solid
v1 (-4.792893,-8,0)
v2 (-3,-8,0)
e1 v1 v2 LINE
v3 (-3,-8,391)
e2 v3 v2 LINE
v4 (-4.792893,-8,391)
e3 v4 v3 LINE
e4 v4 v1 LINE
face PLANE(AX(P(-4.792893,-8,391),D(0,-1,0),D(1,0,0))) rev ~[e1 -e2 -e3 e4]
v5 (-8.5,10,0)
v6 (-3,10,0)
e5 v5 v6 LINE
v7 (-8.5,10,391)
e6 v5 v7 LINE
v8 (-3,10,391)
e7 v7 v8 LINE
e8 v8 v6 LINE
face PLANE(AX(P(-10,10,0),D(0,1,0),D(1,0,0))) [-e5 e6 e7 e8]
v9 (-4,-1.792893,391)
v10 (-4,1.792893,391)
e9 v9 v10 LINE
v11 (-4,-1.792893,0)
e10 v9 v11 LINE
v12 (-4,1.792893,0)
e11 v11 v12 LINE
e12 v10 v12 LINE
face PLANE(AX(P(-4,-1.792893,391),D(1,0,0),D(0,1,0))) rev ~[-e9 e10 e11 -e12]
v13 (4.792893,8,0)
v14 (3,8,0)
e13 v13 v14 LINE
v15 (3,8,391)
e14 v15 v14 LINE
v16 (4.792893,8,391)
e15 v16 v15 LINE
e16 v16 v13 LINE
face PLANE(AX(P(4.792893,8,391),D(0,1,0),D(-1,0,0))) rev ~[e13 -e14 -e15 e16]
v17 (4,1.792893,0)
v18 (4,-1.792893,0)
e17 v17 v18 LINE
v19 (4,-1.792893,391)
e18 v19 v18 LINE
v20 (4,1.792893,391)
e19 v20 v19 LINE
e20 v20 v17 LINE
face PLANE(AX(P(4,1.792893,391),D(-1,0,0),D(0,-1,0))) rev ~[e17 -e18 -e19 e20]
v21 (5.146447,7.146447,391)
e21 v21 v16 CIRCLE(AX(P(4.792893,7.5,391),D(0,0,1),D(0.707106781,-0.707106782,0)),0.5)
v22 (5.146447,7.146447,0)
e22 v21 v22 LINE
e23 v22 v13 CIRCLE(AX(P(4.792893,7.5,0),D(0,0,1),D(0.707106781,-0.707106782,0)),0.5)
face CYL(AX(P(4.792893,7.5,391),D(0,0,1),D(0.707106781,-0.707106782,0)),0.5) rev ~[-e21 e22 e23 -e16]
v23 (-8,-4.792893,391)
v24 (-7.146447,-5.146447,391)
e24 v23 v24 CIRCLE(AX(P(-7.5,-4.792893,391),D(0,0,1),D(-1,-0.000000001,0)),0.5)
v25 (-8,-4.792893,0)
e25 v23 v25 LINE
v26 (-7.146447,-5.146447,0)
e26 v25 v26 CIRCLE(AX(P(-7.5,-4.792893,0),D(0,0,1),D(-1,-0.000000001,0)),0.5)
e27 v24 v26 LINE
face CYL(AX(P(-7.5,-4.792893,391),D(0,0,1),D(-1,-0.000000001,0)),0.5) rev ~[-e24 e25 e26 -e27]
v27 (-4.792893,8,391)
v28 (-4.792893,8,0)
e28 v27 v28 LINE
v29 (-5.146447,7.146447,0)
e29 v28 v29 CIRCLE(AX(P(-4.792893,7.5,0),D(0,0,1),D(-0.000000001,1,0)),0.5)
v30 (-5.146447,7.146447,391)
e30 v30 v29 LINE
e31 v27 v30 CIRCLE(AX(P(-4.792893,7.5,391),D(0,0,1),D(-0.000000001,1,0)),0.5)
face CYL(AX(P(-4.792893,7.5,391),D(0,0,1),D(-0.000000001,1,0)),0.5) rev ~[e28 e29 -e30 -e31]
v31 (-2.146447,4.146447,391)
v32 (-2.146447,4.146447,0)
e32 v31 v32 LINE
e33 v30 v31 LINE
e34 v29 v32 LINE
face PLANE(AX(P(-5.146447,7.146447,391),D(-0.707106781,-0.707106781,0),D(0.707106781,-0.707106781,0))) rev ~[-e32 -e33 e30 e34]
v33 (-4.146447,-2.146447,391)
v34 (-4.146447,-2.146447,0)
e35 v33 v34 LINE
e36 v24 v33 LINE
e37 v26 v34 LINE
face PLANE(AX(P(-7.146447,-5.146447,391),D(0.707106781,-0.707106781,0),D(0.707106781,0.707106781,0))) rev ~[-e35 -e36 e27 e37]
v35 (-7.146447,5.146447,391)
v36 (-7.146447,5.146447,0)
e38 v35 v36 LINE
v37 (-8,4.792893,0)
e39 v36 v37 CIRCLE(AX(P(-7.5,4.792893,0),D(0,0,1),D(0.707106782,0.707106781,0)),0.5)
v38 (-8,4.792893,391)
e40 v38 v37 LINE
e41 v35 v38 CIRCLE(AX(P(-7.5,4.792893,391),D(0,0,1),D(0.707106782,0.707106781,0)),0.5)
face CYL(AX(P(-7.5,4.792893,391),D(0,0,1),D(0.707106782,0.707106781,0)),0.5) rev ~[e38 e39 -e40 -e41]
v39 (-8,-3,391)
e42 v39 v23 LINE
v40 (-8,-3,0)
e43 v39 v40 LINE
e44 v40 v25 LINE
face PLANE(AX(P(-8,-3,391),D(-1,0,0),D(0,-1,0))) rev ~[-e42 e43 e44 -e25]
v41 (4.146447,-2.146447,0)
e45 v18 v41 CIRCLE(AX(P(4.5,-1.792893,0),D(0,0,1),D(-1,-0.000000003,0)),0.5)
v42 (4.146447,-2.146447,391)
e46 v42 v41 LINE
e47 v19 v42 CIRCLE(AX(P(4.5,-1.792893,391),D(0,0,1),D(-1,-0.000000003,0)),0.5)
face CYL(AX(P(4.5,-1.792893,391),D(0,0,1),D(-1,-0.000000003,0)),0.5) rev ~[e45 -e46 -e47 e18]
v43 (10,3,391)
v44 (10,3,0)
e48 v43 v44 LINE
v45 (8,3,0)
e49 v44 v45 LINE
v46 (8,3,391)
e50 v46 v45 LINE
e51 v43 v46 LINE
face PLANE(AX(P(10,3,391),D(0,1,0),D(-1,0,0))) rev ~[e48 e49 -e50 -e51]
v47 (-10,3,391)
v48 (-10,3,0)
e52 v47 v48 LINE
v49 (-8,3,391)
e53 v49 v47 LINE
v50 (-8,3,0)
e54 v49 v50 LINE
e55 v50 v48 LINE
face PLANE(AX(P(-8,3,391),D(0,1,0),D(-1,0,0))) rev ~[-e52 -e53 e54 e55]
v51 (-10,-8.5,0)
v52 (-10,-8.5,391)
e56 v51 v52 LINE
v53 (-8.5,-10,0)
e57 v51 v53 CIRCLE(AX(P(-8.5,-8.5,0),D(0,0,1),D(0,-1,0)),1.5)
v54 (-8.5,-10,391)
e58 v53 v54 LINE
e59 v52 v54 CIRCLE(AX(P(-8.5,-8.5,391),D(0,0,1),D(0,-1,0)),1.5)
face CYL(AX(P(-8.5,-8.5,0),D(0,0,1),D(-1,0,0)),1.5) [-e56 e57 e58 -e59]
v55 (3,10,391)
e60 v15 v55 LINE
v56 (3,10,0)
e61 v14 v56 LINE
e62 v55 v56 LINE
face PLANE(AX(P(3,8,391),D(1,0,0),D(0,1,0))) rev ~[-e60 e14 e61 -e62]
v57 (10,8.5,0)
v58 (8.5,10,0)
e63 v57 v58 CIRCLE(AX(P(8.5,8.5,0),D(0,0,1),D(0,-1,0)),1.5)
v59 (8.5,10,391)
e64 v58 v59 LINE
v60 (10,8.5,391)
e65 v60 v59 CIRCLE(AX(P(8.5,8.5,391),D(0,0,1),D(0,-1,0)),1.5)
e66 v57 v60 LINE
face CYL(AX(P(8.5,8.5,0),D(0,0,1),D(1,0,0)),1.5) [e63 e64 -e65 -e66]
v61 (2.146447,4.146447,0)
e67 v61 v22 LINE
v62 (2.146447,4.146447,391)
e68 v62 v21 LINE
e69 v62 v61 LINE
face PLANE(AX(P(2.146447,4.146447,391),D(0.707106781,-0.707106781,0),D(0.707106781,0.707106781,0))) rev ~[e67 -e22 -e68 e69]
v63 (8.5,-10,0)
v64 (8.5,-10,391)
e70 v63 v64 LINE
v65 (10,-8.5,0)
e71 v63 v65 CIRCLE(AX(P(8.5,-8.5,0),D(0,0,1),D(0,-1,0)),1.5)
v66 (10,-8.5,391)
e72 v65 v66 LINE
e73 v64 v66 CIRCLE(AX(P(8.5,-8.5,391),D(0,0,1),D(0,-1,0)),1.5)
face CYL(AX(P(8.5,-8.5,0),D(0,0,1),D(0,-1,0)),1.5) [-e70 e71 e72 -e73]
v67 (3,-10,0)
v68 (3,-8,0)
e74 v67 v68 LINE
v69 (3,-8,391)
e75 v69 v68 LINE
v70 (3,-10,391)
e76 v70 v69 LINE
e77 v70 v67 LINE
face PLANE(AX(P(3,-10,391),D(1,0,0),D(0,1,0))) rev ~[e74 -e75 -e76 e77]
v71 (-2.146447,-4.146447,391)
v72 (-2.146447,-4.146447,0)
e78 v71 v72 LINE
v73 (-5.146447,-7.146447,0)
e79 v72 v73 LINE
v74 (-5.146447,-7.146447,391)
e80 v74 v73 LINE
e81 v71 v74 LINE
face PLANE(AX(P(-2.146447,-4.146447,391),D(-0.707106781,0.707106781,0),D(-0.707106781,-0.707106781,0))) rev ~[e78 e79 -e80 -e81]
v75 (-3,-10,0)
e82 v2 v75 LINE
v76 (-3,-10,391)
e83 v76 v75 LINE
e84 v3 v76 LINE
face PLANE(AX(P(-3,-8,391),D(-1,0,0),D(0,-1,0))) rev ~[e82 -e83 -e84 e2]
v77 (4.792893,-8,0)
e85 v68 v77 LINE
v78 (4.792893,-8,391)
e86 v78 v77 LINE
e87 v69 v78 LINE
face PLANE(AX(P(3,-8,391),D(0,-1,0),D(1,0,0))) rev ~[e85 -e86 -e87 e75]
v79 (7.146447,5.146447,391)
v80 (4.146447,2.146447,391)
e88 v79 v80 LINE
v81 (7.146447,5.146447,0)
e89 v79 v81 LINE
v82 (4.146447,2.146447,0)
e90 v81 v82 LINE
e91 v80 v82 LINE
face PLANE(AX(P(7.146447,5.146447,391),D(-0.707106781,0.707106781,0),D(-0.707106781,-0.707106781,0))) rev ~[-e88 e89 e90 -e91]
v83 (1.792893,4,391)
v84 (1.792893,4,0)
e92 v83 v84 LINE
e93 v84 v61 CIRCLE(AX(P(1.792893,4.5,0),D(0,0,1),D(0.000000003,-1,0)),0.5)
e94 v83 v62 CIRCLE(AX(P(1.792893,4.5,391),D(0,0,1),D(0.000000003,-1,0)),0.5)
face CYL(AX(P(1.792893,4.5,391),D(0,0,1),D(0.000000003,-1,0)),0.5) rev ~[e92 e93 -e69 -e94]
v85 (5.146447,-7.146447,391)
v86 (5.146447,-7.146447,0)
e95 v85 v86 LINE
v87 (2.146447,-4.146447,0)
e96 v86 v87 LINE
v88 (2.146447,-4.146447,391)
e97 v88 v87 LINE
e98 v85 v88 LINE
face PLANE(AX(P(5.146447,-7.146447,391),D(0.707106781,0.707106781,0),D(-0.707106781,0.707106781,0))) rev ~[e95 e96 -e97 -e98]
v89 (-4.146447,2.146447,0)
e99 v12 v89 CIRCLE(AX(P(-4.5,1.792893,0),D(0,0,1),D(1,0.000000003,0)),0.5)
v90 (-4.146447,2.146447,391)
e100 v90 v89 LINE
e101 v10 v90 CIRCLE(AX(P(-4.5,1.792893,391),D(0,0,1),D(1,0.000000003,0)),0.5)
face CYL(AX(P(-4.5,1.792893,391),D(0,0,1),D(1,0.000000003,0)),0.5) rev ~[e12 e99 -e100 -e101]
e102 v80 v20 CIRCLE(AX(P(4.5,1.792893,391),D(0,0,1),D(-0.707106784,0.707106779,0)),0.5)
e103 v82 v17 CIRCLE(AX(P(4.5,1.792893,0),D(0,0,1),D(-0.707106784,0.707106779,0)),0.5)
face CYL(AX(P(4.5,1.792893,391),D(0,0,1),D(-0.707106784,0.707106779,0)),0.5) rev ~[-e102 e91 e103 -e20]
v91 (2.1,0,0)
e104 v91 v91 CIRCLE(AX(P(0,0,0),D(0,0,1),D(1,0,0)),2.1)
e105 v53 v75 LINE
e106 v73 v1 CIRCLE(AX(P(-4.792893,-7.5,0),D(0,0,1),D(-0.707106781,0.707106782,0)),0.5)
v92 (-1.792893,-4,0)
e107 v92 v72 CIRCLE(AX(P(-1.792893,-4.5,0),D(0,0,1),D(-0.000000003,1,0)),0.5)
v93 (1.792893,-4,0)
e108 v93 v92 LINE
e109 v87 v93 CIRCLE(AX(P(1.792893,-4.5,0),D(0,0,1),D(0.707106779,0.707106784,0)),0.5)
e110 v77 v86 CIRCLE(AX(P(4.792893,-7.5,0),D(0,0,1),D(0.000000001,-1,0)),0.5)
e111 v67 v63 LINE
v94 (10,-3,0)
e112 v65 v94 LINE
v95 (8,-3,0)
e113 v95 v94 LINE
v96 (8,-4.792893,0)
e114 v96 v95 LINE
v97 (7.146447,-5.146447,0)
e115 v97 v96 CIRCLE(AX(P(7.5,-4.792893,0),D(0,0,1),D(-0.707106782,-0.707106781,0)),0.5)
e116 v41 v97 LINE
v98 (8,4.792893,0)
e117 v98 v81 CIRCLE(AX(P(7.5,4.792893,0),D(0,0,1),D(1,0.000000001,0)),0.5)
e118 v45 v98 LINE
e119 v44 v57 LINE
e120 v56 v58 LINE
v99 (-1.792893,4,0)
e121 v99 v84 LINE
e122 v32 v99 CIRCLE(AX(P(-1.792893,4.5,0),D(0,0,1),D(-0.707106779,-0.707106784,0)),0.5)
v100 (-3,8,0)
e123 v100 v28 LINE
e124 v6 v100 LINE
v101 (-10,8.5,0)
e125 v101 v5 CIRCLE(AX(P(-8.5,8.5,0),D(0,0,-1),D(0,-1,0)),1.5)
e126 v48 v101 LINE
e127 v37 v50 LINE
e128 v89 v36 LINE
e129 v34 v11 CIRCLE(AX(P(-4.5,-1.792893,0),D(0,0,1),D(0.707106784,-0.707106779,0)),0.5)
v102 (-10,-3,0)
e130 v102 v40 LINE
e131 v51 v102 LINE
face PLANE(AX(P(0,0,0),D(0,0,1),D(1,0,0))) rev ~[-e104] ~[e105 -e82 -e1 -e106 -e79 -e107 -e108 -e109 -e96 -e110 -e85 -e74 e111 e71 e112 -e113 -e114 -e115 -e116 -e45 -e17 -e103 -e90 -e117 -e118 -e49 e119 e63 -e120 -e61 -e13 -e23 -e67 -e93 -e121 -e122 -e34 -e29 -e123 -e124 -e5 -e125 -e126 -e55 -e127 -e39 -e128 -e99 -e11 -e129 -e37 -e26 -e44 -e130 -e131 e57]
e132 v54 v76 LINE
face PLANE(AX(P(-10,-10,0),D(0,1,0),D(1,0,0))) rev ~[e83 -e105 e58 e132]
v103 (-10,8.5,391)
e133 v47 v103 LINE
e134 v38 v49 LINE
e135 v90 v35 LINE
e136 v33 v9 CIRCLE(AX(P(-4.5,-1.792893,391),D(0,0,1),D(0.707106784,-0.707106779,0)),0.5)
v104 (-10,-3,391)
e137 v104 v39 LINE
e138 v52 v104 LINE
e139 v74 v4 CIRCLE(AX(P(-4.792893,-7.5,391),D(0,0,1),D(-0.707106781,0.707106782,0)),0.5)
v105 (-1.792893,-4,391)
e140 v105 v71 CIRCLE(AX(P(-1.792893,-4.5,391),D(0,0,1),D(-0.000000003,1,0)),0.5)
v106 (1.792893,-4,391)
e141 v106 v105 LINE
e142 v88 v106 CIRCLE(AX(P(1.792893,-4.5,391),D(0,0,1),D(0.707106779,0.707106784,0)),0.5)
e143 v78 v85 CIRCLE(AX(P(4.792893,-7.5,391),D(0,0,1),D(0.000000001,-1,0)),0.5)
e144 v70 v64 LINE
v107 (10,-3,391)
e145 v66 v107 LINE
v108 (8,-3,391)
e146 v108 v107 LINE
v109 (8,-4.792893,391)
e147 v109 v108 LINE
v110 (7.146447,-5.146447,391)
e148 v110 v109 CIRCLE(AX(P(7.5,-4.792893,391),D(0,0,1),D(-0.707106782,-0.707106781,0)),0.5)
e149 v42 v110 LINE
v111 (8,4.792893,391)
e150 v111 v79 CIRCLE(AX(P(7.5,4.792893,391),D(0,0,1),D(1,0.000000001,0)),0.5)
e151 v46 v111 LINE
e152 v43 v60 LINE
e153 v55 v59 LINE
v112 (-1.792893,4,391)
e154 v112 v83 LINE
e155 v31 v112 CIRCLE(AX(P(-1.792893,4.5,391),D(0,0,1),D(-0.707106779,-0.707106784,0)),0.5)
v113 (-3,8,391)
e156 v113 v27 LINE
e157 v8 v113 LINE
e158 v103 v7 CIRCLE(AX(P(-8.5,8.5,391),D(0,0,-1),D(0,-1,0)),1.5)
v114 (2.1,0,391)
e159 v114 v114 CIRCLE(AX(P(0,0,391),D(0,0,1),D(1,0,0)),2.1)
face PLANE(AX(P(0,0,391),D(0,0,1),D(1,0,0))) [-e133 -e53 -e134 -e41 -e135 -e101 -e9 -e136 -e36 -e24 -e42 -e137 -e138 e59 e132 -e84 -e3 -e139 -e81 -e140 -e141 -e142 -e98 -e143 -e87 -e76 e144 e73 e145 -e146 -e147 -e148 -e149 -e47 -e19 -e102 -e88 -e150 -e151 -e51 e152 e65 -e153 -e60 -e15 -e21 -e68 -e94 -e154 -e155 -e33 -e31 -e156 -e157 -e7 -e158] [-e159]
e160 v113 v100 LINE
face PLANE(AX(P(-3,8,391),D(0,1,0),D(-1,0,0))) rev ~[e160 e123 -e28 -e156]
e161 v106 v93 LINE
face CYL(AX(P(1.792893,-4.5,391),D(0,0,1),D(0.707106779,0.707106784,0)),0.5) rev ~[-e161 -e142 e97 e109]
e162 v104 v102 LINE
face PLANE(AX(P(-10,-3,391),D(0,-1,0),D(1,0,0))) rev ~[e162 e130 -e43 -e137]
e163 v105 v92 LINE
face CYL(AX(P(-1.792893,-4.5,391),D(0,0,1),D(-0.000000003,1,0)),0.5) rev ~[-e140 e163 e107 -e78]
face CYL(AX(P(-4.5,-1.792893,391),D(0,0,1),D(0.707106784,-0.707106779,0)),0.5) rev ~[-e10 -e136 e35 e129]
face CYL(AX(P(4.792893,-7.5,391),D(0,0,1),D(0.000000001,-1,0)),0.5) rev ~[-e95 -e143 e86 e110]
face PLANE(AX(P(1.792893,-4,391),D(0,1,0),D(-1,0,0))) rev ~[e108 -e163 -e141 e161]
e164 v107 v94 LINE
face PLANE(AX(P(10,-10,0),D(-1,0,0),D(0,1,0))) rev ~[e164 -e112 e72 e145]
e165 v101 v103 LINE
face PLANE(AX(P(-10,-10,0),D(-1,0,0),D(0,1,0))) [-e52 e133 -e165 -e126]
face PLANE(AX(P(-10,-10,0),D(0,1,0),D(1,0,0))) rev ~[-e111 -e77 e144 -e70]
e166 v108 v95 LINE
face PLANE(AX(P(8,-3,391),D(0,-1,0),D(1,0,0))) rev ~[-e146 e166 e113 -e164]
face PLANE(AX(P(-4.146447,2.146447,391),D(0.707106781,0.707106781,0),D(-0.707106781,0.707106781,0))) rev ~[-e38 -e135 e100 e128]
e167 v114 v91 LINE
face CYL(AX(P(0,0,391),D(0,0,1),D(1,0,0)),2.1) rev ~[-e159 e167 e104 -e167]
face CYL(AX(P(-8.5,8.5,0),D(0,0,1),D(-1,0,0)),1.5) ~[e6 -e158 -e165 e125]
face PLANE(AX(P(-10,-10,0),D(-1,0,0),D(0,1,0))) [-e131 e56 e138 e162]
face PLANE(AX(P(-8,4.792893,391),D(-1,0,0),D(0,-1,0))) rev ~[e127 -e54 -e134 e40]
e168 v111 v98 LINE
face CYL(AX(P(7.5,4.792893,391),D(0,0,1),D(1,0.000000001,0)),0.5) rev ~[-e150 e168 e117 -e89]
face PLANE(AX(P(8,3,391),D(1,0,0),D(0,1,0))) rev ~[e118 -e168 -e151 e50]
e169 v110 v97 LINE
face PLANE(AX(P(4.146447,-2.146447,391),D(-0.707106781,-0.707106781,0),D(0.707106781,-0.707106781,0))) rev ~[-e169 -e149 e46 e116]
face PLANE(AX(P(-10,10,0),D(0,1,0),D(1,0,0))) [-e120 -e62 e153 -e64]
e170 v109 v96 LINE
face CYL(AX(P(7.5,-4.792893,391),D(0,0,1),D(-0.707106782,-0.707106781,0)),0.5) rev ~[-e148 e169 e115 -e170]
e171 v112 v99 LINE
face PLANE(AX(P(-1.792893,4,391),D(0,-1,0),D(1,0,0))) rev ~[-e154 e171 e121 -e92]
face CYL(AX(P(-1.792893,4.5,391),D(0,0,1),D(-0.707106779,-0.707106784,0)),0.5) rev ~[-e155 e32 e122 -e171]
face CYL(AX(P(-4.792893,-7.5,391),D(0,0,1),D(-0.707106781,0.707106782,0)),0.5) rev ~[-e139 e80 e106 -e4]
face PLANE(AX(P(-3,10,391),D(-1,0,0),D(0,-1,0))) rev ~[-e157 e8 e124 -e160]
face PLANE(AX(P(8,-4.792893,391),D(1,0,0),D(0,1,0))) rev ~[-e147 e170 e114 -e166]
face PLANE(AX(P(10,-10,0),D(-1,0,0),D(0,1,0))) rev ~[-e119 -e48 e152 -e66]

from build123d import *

# Parameters (mm, degrees)
SKETCH_1_W          = 20
SKETCH_1_H          = 20
EXTRUDE_1_DEPTH     = 391
FILLET_1_R          = 1.5
SKETCH_2_R          = 2.1
CUT_EXTRUDE_1_DEPTH = 392.255670885


with BuildPart() as part:
    # 草圖1 → 填料-伸長1 (new body)
    with BuildSketch(Plane.XY):
        Rectangle(SKETCH_1_W, SKETCH_1_H)
    extrude(amount=EXTRUDE_1_DEPTH)

    # 圓角1
    fillet_1_edges = [part.edges().sort_by_distance(p)[0] for p in [
        (-10, 10, 195.5),
        (10, 10, 195.5),
        (10, -10, 195.5),
        (-10, -10, 195.5),
    ]]
    fillet(fillet_1_edges, radius=FILLET_1_R)

    # 草圖2 → 除料-伸長1 (cut, through all)
    with BuildSketch(Plane.XY.offset(391)):
        Circle(SKETCH_2_R)
        with BuildLine():
            Line((10, 3), (8, 3))
            Line((8, 3), (8, 4.792893219))
            ThreePointArc((8, 4.792893219), (7.691341716, 5.254832985), (7.146446609, 5.146446609))
            Line((7.146446609, 5.146446609), (4.146446609, 2.146446609))
            ThreePointArc((4.146446609, 2.146446609), (4.038060234, 1.984234935), (4, 1.792893219))
            Line((4, 1.792893219), (4, -1.792893219))
            ThreePointArc((4, -1.792893219), (4.038060234, -1.984234935), (4.146446609, -2.146446609))
            Line((4.146446609, -2.146446609), (7.146446609, -5.146446609))
            ThreePointArc((7.146446609, -5.146446609), (7.691341716, -5.254832985), (8, -4.792893219))
            Line((8, -4.792893219), (8, -3))
            Line((8, -3), (10, -3))
            Line((10, -3), (10, 3))
        make_face()
        with BuildLine():
            Line((-3, -10), (3, -10))
            Line((3, -10), (3, -8))
            Line((3, -8), (4.792893219, -8))
            ThreePointArc((4.792893219, -8), (5.254832985, -7.691341716), (5.146446609, -7.146446609))
            Line((5.146446609, -7.146446609), (2.146446609, -4.146446609))
            ThreePointArc((2.146446609, -4.146446609), (1.984234935, -4.038060234), (1.792893219, -4))
            Line((1.792893219, -4), (-1.792893219, -4))
            ThreePointArc((-1.792893219, -4), (-1.984234935, -4.038060234), (-2.146446609, -4.146446609))
            Line((-2.146446609, -4.146446609), (-5.146446609, -7.146446609))
            ThreePointArc((-5.146446609, -7.146446609), (-5.254832985, -7.691341716), (-4.792893219, -8))
            Line((-4.792893219, -8), (-3, -8))
            Line((-3, -8), (-3, -10))
        make_face()
        with BuildLine():
            Line((-10, 3), (-10, -3))
            Line((-10, -3), (-8, -3))
            Line((-8, -3), (-8, -4.792893219))
            ThreePointArc((-8, -4.792893219), (-7.691341716, -5.254832985), (-7.146446609, -5.146446609))
            Line((-7.146446609, -5.146446609), (-4.146446609, -2.146446609))
            ThreePointArc((-4.146446609, -2.146446609), (-4.038060234, -1.984234935), (-4, -1.792893219))
            Line((-4, -1.792893219), (-4, 1.792893219))
            ThreePointArc((-4, 1.792893219), (-4.038060234, 1.984234935), (-4.146446609, 2.146446609))
            Line((-4.146446609, 2.146446609), (-7.146446609, 5.146446609))
            ThreePointArc((-7.146446609, 5.146446609), (-7.691341716, 5.254832985), (-8, 4.792893219))
            Line((-8, 4.792893219), (-8, 3))
            Line((-8, 3), (-10, 3))
        make_face()
        with BuildLine():
            Line((3, 10), (-3, 10))
            Line((-3, 10), (-3, 8))
            Line((-3, 8), (-4.792893219, 8))
            ThreePointArc((-4.792893219, 8), (-5.254832985, 7.691341716), (-5.146446609, 7.146446609))
            Line((-5.146446609, 7.146446609), (-2.146446609, 4.146446609))
            ThreePointArc((-2.146446609, 4.146446609), (-1.984234935, 4.038060234), (-1.792893219, 4))
            Line((-1.792893219, 4), (1.792893219, 4))
            ThreePointArc((1.792893219, 4), (1.984234935, 4.038060234), (2.146446609, 4.146446609))
            Line((2.146446609, 4.146446609), (5.146446609, 7.146446609))
            ThreePointArc((5.146446609, 7.146446609), (5.254832985, 7.691341716), (4.792893219, 8))
            Line((4.792893219, 8), (3, 8))
            Line((3, 8), (3, 10))
        make_face()
    extrude(amount=-CUT_EXTRUDE_1_DEPTH, mode=Mode.SUBTRACT)


solid = part.part
